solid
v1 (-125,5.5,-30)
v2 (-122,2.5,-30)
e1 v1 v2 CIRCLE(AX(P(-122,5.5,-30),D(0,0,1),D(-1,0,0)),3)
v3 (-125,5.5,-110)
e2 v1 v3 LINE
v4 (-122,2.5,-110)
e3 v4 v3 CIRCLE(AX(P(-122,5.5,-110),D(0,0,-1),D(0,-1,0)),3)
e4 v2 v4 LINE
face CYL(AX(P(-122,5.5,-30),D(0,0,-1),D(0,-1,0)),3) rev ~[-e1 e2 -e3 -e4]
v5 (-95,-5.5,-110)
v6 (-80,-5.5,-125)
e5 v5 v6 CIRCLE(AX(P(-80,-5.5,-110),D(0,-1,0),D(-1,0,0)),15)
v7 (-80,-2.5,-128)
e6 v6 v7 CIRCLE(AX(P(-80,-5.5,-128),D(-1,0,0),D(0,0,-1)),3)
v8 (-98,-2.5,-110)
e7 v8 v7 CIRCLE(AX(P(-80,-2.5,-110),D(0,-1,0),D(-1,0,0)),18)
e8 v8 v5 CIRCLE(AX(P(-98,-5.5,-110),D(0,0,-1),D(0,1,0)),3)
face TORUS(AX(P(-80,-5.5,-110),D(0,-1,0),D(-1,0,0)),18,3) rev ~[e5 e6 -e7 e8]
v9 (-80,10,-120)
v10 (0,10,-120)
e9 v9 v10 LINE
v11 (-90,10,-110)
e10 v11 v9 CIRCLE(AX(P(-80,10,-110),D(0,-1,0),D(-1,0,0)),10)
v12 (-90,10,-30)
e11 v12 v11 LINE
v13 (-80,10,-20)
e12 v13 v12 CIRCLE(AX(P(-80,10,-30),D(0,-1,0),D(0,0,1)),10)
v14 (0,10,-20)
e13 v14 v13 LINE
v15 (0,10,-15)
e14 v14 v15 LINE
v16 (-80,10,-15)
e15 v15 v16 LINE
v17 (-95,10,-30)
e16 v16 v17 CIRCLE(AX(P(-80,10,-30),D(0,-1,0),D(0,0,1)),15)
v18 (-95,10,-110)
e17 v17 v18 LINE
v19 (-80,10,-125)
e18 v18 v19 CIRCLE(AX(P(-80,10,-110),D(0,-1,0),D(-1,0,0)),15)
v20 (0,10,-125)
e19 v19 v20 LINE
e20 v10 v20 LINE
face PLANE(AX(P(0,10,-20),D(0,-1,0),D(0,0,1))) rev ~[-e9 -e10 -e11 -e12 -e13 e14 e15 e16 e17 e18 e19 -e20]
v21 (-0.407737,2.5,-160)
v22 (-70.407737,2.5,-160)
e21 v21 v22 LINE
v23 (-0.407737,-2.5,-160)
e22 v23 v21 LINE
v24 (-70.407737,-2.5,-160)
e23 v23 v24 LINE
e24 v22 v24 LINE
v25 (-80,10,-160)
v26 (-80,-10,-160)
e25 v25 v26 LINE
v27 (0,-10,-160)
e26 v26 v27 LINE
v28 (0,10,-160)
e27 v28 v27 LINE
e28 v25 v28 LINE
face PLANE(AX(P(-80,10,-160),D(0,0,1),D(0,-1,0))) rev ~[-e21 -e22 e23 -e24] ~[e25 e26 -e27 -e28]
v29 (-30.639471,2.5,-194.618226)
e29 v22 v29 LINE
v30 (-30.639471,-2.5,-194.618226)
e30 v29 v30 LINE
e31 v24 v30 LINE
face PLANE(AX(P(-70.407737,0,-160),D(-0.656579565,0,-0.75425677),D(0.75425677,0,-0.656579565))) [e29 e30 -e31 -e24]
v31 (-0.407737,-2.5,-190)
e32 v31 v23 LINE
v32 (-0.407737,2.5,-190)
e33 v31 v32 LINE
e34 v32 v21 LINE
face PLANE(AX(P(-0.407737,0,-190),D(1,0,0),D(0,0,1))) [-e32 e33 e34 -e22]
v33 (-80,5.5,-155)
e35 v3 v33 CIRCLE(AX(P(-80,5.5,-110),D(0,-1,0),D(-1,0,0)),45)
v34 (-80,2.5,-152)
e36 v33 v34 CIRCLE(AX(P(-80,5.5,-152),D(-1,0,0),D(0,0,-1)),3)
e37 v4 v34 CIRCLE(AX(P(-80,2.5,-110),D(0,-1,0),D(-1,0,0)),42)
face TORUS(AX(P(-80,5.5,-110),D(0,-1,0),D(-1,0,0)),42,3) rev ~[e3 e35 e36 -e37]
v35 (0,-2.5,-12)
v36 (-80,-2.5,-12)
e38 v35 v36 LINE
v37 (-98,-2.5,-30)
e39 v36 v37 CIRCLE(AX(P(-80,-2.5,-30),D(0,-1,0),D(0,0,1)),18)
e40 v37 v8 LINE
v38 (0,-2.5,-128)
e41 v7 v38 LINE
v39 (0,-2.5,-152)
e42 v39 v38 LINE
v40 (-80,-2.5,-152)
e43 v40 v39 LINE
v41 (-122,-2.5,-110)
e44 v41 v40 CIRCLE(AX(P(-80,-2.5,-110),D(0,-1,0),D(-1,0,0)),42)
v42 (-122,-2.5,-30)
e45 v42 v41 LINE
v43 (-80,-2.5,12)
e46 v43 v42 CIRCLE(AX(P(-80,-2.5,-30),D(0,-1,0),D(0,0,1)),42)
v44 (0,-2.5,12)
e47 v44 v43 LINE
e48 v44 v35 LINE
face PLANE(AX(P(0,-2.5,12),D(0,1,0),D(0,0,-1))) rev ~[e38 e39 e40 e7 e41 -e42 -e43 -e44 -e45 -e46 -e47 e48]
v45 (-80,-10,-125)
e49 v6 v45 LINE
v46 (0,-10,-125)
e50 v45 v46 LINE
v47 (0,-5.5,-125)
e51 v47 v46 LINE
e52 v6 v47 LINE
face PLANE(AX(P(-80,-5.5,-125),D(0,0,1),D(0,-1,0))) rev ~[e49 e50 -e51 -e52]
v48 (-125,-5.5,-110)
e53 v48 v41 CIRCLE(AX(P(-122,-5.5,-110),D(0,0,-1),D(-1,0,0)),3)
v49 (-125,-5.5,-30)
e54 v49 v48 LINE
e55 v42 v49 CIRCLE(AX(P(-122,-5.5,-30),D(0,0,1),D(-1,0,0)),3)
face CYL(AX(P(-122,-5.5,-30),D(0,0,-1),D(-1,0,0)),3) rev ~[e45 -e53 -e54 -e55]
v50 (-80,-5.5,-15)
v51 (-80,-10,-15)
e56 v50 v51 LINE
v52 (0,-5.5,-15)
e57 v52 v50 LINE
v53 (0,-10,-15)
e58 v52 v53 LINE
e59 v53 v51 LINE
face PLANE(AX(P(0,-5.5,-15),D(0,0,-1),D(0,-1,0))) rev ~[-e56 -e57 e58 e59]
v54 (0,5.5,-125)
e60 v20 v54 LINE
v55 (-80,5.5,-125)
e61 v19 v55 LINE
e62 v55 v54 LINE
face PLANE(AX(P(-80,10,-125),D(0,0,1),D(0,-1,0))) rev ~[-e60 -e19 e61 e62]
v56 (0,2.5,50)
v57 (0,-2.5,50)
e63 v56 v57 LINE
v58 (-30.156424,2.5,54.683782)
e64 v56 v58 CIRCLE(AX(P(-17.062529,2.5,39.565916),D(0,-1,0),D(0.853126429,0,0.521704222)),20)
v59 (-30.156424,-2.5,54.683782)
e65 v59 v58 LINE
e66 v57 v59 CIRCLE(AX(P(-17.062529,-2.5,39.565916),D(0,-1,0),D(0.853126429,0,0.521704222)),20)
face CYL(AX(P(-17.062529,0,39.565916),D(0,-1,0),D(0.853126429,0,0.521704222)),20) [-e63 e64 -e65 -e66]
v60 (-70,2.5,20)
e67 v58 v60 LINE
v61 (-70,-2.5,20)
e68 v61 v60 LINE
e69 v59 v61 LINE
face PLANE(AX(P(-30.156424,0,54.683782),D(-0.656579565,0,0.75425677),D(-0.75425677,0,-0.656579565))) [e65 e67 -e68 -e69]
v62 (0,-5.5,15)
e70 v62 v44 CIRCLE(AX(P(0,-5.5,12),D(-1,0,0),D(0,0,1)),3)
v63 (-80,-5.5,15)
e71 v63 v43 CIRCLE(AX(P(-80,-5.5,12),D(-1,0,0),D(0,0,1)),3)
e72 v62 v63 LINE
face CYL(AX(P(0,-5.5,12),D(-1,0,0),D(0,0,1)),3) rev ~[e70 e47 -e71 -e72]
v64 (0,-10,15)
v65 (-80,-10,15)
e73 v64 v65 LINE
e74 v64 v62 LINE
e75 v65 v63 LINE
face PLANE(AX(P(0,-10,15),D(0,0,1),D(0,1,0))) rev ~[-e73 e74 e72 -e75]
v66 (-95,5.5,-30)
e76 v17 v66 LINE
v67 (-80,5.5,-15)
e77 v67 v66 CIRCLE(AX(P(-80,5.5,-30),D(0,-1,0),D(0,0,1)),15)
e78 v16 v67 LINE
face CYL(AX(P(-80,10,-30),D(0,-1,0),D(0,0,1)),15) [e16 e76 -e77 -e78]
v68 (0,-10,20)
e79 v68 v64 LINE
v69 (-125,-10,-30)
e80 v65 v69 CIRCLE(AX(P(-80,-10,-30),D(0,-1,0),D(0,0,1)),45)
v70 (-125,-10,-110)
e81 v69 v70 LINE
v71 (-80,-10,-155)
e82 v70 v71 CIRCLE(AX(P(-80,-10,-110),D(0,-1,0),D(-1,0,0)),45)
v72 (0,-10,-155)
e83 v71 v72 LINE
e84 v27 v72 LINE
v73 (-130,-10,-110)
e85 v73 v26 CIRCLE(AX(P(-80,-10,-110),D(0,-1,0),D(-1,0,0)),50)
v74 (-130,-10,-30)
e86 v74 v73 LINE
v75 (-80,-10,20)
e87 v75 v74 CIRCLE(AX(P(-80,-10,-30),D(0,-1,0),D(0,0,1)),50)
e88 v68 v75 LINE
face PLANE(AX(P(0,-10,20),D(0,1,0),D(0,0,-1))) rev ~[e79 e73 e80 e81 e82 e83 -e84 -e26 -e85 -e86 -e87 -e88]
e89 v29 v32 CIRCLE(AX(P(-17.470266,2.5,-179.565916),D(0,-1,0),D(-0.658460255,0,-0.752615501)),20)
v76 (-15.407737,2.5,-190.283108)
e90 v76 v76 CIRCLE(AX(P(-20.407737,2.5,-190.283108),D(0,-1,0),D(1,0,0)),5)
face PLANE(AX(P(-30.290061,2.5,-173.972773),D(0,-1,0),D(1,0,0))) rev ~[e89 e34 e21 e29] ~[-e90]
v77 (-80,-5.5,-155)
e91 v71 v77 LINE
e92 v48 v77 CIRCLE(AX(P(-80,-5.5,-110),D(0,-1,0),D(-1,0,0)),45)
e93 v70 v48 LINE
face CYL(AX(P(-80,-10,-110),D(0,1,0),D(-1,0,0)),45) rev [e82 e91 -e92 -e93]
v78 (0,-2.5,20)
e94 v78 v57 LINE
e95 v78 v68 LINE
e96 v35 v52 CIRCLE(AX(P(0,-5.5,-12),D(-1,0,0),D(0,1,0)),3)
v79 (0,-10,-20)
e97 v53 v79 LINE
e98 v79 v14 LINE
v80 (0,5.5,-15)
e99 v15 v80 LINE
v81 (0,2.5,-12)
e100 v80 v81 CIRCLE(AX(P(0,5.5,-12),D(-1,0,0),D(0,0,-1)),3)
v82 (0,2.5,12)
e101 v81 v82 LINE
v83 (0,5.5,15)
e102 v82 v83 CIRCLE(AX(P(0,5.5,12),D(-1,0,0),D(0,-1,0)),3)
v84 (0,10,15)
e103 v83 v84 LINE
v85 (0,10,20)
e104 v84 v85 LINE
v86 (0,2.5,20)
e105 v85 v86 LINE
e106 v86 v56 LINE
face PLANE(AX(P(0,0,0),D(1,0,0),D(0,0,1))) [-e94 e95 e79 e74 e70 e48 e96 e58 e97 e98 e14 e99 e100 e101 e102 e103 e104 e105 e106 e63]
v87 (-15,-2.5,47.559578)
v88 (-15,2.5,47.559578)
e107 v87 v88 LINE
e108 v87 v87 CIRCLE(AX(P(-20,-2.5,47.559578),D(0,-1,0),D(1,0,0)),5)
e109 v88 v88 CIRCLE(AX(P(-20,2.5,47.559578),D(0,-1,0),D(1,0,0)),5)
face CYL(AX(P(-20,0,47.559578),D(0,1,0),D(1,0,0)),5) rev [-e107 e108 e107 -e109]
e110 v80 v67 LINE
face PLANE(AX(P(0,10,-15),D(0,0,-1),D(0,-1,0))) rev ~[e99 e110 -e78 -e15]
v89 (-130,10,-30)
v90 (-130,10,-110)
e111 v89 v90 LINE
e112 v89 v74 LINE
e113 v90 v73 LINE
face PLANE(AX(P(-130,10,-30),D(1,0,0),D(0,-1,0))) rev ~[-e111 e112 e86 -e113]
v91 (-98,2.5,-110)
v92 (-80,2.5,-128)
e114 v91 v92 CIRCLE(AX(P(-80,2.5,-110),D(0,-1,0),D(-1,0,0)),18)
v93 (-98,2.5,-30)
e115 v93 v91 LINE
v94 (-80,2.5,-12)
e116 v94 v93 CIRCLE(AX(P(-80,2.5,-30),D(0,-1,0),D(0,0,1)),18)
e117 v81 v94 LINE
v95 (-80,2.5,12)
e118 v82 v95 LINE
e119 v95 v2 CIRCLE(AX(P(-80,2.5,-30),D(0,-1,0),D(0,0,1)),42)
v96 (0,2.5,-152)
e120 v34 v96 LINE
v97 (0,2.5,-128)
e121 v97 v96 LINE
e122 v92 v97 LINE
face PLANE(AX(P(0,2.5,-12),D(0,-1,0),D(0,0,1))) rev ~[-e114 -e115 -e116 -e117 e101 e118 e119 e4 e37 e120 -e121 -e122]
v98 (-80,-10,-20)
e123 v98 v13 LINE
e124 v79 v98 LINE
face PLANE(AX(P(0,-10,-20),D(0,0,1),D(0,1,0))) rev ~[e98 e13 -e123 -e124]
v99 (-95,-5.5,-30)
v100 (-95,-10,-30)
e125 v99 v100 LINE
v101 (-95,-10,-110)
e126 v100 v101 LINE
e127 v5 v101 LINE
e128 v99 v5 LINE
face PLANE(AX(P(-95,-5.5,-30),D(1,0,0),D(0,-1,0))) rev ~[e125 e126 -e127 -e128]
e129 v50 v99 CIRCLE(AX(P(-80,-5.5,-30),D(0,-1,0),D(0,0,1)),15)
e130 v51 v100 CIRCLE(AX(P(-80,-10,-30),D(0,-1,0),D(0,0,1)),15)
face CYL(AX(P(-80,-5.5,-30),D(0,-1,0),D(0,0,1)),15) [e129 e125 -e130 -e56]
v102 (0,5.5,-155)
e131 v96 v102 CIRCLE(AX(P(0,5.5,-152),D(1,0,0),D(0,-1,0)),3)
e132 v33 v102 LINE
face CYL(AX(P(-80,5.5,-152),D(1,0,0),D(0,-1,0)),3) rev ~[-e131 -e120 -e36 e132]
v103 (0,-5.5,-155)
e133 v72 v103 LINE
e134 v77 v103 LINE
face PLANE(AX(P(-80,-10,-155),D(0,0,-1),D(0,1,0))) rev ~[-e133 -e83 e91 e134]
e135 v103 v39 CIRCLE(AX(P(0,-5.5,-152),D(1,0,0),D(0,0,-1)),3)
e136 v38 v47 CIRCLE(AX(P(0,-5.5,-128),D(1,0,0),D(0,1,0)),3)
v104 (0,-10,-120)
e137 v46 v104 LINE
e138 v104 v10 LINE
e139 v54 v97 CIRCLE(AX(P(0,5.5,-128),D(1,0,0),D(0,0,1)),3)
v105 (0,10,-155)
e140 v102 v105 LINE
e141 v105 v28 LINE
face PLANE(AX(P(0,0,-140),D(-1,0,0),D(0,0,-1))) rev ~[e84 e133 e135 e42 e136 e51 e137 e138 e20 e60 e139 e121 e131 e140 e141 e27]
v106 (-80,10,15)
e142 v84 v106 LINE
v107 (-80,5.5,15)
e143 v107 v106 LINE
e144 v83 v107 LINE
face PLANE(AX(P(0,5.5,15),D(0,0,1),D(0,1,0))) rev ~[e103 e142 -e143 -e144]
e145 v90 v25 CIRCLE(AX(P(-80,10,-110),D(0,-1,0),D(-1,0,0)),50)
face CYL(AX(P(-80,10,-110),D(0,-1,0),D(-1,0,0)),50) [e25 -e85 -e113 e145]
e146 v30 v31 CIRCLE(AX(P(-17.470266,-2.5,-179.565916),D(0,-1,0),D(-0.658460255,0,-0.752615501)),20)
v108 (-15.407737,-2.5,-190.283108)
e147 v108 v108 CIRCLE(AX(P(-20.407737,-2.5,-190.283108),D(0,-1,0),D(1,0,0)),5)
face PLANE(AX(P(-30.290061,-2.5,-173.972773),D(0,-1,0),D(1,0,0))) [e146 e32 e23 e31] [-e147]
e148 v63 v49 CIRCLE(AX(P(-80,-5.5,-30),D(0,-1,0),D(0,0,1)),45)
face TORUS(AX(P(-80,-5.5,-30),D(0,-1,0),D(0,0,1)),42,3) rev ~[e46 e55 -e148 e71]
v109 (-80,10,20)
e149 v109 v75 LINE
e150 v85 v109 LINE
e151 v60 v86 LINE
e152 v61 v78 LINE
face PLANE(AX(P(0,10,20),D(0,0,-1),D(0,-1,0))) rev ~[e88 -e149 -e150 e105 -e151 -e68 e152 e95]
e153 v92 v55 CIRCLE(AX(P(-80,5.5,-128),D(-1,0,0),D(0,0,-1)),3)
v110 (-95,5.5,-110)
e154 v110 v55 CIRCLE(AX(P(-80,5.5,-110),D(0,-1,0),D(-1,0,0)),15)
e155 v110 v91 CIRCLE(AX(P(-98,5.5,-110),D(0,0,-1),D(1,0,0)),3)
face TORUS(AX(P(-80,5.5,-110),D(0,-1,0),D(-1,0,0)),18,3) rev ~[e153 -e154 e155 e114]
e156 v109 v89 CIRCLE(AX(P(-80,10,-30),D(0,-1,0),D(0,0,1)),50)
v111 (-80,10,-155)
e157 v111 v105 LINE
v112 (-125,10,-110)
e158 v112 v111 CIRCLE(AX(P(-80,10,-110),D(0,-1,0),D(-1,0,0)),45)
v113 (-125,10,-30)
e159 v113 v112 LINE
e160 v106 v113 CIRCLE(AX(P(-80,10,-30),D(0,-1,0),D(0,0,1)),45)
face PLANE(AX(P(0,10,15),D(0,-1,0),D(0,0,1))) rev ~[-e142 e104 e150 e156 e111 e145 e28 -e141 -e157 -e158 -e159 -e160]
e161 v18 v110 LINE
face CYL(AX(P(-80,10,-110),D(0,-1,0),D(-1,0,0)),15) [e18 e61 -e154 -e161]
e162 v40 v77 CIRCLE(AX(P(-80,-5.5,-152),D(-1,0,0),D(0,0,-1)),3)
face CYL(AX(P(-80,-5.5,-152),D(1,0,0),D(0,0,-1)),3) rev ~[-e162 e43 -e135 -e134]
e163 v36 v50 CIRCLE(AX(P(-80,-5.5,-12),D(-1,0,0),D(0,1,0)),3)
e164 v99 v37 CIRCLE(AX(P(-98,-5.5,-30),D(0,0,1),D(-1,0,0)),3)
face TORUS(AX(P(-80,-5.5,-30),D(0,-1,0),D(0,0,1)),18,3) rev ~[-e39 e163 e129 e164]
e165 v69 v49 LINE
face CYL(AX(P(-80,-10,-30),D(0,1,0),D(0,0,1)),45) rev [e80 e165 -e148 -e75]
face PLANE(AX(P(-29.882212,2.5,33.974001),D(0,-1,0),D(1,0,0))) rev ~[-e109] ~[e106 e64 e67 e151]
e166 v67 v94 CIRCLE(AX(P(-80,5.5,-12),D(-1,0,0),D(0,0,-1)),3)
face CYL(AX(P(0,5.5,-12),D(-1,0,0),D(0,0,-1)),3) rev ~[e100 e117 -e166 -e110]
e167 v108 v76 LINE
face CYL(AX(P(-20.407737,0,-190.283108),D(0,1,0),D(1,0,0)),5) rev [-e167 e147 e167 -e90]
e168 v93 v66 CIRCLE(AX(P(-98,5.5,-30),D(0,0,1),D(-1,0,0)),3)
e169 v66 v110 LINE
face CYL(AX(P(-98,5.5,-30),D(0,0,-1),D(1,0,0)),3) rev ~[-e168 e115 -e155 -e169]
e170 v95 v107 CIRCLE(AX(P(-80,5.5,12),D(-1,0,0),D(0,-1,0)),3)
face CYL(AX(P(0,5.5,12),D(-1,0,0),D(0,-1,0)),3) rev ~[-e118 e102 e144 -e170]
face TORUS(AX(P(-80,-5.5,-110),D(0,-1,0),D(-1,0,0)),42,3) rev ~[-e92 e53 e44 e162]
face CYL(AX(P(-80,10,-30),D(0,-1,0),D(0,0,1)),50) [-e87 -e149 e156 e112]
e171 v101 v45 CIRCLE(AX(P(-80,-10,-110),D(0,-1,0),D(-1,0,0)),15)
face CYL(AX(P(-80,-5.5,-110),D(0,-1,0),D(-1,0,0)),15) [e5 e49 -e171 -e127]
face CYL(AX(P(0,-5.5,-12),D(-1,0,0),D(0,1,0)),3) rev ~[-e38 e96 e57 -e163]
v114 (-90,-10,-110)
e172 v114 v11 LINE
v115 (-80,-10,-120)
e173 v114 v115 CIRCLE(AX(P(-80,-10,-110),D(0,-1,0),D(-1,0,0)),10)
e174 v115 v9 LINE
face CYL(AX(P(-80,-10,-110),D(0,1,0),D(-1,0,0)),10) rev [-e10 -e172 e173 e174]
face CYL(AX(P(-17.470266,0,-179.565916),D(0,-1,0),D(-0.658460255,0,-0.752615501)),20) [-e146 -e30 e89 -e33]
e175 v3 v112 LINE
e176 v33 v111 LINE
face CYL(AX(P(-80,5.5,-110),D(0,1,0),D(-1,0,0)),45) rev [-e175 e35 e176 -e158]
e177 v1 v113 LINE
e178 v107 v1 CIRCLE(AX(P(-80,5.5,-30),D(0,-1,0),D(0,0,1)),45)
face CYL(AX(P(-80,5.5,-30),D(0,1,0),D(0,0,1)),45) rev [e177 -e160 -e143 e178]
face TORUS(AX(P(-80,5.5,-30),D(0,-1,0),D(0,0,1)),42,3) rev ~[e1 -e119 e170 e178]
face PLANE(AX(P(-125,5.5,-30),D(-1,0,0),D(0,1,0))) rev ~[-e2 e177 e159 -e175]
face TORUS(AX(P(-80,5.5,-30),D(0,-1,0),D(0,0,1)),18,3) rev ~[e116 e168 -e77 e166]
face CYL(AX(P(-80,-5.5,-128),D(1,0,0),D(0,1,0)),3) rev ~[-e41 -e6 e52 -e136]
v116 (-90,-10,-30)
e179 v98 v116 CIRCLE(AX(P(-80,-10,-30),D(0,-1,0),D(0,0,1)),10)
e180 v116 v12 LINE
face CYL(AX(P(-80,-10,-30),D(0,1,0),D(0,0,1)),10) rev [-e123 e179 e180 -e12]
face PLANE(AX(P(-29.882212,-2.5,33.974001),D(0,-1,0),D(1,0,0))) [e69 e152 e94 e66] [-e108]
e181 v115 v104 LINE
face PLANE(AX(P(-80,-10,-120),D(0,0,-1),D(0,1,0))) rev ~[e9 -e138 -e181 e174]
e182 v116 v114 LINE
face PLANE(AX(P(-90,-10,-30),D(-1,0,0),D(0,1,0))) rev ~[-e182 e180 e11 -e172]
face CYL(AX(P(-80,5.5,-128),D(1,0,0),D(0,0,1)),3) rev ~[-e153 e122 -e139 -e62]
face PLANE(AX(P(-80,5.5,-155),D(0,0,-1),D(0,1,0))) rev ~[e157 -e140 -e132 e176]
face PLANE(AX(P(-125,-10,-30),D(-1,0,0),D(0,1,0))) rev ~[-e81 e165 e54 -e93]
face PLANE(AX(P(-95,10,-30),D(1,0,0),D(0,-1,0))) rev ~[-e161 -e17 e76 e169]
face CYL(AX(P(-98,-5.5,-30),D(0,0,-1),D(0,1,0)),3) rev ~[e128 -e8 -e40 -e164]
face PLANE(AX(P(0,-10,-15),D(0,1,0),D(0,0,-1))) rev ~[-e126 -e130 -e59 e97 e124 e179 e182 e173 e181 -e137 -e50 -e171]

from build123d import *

# Parameters (mm, degrees)
F3_R     = 5
F4_DEPTH = 2.5
F5_DEPTH = 2.5


with BuildPart() as f2:
    # F2: sweep along a path in F1
    with BuildLine(Plane.XZ) as f2_path:
        Line((0, 0), (-80, 0))
        ThreePointArc((-80, 0), (-101.2132034356, -8.7867965644), (-110, -30))
        Line((-110, -30), (-110, -110))
        ThreePointArc((-110, -110), (-101.2132034356, -131.2132034356), (-80, -140))
        Line((-80, -140), (0, -140))
    # F0 (on Right) → F2 (sweep)
    with BuildSketch(Plane.YZ):
        with BuildLine():
            Line((10, 20), (0, 20))
            Line((0, 20), (-10, 20))
            Line((-10, 20), (-10, 15))
            Line((-10, 15), (-5.5, 15))
            ThreePointArc((-5.5, 15), (-3.3786796564, 14.1213203436), (-2.5, 12))
            Line((-2.5, 12), (-2.5, 0))
            Line((-2.5, 0), (-2.5, -12))
            ThreePointArc((-2.5, -12), (-3.3786796564, -14.1213203436), (-5.5, -15))
            Line((-5.5, -15), (-10, -15))
            Line((-10, -15), (-10, -20))
            Line((-10, -20), (0, -20))
            Line((0, -20), (10, -20))
            Line((10, -20), (10, -15))
            Line((10, -15), (5.5, -15))
            ThreePointArc((5.5, -15), (3.3786796564, -14.1213203436), (2.5, -12))
            Line((2.5, -12), (2.5, 0))
            Line((2.5, 0), (2.5, 12))
            ThreePointArc((2.5, 12), (3.3786796564, 14.1213203436), (5.5, 15))
            Line((5.5, 15), (10, 15))
            Line((10, 15), (10, 20))
        make_face()
    sweep(path=f2_path.line)

    # F3 (on Front) → F4 (join, symmetric)
    with BuildSketch(Plane.XZ):
        with BuildLine():
            Line((-70, 20), (0, 20))
            Line((0, 20), (0, 50))
            ThreePointArc((0, 50), (-13.9930064723, 59.3289627376), (-30.1564242691, 54.6837823298))
            Line((-30.1564242691, 54.6837823298), (-70, 20))
        make_face()
        with Locations((-20, 47.5595779717)):
            Circle(F3_R, mode=Mode.SUBTRACT)
    extrude(amount=F4_DEPTH, both=True)

    # F3 (on Front) → F5 (join, symmetric)
    with BuildSketch(Plane.XZ):
        with BuildLine():
            Line((-70, 20), (0, 20))
            Line((0, 20), (0, 50))
            ThreePointArc((0, 50), (-13.9930064723, 59.3289627376), (-30.1564242691, 54.6837823298))
            Line((-30.1564242691, 54.6837823298), (-70, 20))
        make_face()
        with Locations((-20, 47.5595779717)):
            Circle(F3_R, mode=Mode.SUBTRACT)
        with BuildLine():
            Line((-0.4077370701, -160), (-70.4077370701, -160))
            Line((-70.4077370701, -160), (-30.6394707567, -194.618225577))
            ThreePointArc((-30.6394707567, -194.618225577), (-14.4500845673, -199.3365631453), (-0.4077370701, -190))
            Line((-0.4077370701, -190), (-0.4077370701, -160))
        make_face()
        with Locations((-20.4077370701, -190.2831075506)):
            Circle(F3_R, mode=Mode.SUBTRACT)
    extrude(amount=F5_DEPTH, both=True)


solid = f2.part
